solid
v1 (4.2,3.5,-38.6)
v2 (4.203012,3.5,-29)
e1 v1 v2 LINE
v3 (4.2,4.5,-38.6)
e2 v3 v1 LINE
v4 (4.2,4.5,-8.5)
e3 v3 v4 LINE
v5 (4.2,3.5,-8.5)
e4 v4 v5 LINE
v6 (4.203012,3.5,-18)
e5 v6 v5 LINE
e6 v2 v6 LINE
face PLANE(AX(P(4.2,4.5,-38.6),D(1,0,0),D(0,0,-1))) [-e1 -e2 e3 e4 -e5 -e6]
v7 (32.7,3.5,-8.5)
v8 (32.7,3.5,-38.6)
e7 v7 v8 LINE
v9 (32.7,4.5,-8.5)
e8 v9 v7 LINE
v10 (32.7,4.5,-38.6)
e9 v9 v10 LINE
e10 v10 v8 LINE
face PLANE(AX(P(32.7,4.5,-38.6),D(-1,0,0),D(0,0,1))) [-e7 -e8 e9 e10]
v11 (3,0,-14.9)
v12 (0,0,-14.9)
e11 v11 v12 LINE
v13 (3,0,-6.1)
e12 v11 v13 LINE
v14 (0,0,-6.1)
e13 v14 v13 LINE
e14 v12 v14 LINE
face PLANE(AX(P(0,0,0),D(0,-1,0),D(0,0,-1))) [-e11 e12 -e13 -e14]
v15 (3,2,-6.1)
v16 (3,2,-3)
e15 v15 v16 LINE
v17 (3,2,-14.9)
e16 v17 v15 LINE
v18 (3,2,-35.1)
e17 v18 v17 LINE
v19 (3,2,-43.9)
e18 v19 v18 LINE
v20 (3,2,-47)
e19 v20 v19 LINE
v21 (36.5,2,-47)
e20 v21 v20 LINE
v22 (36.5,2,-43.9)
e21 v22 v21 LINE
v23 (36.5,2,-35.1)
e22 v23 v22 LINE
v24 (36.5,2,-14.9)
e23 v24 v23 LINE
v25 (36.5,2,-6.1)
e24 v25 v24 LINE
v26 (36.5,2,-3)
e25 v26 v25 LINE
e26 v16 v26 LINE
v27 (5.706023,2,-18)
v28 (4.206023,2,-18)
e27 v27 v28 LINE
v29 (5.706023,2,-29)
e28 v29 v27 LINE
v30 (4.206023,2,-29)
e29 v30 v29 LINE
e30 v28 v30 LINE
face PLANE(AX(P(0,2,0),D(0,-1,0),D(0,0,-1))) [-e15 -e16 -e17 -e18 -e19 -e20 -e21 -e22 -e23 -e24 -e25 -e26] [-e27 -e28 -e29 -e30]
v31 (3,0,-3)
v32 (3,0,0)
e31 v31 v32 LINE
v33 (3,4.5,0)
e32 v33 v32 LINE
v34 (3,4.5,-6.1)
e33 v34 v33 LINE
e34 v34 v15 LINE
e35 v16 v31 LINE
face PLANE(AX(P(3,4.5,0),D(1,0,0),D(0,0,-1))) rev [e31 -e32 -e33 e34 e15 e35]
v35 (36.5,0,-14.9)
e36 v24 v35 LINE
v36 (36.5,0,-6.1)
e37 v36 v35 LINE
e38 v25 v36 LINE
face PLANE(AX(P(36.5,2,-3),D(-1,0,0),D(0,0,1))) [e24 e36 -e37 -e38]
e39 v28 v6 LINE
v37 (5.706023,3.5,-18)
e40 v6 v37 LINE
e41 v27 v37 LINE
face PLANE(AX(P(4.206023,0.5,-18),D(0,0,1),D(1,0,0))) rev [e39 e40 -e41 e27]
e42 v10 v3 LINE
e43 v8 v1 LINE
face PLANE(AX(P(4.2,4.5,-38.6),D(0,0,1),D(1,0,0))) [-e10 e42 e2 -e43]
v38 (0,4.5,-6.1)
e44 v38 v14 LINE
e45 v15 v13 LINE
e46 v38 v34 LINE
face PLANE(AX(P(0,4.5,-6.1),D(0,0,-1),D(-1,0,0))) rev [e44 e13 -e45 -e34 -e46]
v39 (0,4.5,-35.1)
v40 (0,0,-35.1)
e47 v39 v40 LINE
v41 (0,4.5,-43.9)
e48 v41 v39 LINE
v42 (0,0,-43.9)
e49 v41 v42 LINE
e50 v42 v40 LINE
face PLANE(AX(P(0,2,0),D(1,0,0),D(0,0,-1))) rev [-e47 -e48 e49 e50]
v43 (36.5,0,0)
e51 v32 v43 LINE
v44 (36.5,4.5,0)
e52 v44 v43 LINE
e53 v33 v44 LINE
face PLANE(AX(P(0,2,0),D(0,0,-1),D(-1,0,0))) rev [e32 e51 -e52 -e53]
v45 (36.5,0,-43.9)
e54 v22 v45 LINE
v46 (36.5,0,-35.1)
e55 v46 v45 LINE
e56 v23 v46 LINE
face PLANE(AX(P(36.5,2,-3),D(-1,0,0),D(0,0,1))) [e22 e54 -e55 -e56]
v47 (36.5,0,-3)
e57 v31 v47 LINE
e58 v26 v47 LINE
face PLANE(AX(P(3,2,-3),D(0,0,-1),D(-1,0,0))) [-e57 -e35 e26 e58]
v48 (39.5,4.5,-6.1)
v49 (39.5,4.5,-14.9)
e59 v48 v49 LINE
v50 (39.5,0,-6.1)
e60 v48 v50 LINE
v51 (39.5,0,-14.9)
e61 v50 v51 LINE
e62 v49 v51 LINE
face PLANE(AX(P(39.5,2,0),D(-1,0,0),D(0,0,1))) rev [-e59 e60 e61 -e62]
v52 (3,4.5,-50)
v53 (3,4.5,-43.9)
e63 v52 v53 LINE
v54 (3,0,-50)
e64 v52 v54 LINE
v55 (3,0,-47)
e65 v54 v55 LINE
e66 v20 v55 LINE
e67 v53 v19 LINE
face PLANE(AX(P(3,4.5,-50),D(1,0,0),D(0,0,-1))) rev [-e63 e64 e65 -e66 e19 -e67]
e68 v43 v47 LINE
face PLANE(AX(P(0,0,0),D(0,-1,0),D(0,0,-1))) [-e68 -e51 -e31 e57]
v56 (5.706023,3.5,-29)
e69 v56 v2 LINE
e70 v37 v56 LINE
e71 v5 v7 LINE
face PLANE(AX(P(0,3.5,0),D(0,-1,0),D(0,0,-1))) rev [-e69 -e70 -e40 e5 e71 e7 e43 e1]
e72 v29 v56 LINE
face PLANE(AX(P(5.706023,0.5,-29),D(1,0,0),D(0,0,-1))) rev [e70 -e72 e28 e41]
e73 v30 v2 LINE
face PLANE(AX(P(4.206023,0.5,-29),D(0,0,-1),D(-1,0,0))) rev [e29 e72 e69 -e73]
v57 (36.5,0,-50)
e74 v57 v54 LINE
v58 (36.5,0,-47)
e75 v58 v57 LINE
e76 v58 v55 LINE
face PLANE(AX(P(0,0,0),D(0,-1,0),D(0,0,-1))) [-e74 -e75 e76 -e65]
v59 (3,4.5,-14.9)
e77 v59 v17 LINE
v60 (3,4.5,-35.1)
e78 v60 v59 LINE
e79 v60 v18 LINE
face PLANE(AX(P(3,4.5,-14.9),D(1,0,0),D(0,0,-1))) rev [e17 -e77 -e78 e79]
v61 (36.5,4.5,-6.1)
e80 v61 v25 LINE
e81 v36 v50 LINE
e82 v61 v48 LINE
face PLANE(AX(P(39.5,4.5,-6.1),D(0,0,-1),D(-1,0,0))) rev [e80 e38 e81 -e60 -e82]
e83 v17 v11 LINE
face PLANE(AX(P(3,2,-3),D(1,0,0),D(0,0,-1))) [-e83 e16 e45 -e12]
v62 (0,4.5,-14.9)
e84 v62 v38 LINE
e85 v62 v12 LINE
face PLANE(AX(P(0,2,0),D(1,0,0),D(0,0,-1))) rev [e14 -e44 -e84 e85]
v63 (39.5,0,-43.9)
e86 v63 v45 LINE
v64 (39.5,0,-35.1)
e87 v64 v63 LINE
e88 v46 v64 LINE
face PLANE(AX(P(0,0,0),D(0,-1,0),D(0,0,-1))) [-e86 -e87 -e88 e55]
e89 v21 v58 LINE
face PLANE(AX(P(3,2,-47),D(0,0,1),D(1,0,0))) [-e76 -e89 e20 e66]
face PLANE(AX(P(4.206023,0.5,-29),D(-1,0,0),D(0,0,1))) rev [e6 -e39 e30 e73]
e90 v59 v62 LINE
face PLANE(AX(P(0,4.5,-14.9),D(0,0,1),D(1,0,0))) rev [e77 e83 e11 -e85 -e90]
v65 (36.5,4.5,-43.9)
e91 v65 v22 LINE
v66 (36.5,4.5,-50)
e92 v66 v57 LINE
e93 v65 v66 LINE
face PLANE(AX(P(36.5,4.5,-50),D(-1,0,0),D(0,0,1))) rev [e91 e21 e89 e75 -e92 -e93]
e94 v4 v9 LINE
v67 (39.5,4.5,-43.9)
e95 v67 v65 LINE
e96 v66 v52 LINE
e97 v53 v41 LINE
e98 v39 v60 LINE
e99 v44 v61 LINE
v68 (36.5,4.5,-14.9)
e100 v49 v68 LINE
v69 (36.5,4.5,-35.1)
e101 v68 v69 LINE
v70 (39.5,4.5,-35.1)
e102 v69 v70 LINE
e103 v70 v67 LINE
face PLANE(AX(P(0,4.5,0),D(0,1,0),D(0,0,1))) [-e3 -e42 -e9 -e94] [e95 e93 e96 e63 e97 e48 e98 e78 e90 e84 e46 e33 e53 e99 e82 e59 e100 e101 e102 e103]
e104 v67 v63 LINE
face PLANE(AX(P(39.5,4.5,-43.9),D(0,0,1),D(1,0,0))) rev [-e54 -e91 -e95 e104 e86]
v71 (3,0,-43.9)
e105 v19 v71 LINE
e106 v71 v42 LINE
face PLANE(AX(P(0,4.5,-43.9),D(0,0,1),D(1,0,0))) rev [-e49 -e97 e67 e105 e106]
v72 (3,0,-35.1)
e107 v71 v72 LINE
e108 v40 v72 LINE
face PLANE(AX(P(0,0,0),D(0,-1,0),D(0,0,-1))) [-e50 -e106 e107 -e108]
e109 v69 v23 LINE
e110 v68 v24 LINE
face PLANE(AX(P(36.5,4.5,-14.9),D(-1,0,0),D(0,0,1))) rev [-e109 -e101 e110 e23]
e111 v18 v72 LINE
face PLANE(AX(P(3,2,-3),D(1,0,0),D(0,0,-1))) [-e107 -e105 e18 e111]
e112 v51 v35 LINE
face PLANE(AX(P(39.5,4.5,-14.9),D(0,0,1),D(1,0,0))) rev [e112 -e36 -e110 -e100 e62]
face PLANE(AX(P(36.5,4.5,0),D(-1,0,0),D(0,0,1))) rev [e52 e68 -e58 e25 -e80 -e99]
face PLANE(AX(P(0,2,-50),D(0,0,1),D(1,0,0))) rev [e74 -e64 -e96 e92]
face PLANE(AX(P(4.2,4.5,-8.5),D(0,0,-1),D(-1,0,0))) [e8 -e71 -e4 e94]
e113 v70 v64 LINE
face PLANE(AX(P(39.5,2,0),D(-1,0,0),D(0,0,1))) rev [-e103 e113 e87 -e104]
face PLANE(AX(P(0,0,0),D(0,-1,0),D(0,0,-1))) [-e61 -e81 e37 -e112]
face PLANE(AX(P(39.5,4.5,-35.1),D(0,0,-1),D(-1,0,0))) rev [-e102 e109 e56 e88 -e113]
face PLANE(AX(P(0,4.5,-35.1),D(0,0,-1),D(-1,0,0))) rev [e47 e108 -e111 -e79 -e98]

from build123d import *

# Parameters (mm, degrees)
SKETCH3_W           = 39.5
SKETCH3_H           = 50
SKETCH3_W_2         = 33.5
SKETCH3_H_2         = 44
BOSS_EXTRUDE1_DEPTH = 2
SKETCH4_W           = 39.5
SKETCH4_H           = 50
BOSS_EXTRUDE2_DEPTH = 1.5
SKETCH5_W           = 1.5
SKETCH5_H           = 11
CUT_EXTRUDE1_DEPTH  = 3
SKETCH7_W           = 39.5
SKETCH7_H           = 50
SKETCH7_W_2         = 28.5
SKETCH7_H_2         = 30.1
BOSS_EXTRUDE3_DEPTH = 1
SKETCH8_W           = 3
SKETCH8_H           = 6.1
SKETCH8_H_2         = 20.2
CUT_EXTRUDE2_DEPTH  = 4.5


with BuildPart() as part:
    # Sketch3 → Boss-Extrude1 (new body)
    with BuildSketch(Plane(origin=(0, 0, 0), x_dir=(1, 0, 0), z_dir=(0, 1, 0))):
        with Locations((19.75, 25)):
            Rectangle(SKETCH3_W, SKETCH3_H)
        with Locations((19.75, 25)):
            Rectangle(SKETCH3_W_2, SKETCH3_H_2, mode=Mode.SUBTRACT)
    extrude(amount=BOSS_EXTRUDE1_DEPTH)

    # Sketch4 → Boss-Extrude2 (add)
    with BuildSketch(Plane(origin=(0, 2, 0), x_dir=(1, 0, 0), z_dir=(0, 1, 0))):
        with Locations((19.75, 25)):
            Rectangle(SKETCH4_W, SKETCH4_H)
    extrude(amount=BOSS_EXTRUDE2_DEPTH)

    # Sketch5 → Cut-Extrude1 (cut)
    with BuildSketch(Plane(origin=(0, 3.5, 0), x_dir=(1, 0, 0), z_dir=(0, 1, 0))):
        with Locations((4.956023136, 23.5)):
            Rectangle(SKETCH5_W, SKETCH5_H)
    extrude(amount=-CUT_EXTRUDE1_DEPTH, mode=Mode.SUBTRACT)

    # Sketch7 → Boss-Extrude3 (add)
    with BuildSketch(Plane(origin=(0, 3.5, 0), x_dir=(1, 0, 0), z_dir=(0, 1, 0))):
        with Locations((19.75, 25)):
            Rectangle(SKETCH7_W, SKETCH7_H)
        with Locations((18.45, 23.55)):
            Rectangle(SKETCH7_W_2, SKETCH7_H_2, mode=Mode.SUBTRACT)
    extrude(amount=BOSS_EXTRUDE3_DEPTH)

    # Sketch8 → Cut-Extrude2 (cut)
    with BuildSketch(Plane.XZ):
        with Locations((1.5, -3.05)):
            Rectangle(SKETCH8_W, SKETCH8_H)
        with Locations((1.5, -25)):
            Rectangle(SKETCH8_W, SKETCH8_H_2)
        with Locations((1.5, -46.95)):
            Rectangle(SKETCH8_W, SKETCH8_H)
        with Locations((38, -3.05)):
            Rectangle(SKETCH8_W, SKETCH8_H)
        with Locations((38, -25)):
            Rectangle(SKETCH8_W, SKETCH8_H_2)
        with Locations((38, -46.95)):
            Rectangle(SKETCH8_W, SKETCH8_H)
    extrude(amount=-CUT_EXTRUDE2_DEPTH, mode=Mode.SUBTRACT)


solid = part.part
